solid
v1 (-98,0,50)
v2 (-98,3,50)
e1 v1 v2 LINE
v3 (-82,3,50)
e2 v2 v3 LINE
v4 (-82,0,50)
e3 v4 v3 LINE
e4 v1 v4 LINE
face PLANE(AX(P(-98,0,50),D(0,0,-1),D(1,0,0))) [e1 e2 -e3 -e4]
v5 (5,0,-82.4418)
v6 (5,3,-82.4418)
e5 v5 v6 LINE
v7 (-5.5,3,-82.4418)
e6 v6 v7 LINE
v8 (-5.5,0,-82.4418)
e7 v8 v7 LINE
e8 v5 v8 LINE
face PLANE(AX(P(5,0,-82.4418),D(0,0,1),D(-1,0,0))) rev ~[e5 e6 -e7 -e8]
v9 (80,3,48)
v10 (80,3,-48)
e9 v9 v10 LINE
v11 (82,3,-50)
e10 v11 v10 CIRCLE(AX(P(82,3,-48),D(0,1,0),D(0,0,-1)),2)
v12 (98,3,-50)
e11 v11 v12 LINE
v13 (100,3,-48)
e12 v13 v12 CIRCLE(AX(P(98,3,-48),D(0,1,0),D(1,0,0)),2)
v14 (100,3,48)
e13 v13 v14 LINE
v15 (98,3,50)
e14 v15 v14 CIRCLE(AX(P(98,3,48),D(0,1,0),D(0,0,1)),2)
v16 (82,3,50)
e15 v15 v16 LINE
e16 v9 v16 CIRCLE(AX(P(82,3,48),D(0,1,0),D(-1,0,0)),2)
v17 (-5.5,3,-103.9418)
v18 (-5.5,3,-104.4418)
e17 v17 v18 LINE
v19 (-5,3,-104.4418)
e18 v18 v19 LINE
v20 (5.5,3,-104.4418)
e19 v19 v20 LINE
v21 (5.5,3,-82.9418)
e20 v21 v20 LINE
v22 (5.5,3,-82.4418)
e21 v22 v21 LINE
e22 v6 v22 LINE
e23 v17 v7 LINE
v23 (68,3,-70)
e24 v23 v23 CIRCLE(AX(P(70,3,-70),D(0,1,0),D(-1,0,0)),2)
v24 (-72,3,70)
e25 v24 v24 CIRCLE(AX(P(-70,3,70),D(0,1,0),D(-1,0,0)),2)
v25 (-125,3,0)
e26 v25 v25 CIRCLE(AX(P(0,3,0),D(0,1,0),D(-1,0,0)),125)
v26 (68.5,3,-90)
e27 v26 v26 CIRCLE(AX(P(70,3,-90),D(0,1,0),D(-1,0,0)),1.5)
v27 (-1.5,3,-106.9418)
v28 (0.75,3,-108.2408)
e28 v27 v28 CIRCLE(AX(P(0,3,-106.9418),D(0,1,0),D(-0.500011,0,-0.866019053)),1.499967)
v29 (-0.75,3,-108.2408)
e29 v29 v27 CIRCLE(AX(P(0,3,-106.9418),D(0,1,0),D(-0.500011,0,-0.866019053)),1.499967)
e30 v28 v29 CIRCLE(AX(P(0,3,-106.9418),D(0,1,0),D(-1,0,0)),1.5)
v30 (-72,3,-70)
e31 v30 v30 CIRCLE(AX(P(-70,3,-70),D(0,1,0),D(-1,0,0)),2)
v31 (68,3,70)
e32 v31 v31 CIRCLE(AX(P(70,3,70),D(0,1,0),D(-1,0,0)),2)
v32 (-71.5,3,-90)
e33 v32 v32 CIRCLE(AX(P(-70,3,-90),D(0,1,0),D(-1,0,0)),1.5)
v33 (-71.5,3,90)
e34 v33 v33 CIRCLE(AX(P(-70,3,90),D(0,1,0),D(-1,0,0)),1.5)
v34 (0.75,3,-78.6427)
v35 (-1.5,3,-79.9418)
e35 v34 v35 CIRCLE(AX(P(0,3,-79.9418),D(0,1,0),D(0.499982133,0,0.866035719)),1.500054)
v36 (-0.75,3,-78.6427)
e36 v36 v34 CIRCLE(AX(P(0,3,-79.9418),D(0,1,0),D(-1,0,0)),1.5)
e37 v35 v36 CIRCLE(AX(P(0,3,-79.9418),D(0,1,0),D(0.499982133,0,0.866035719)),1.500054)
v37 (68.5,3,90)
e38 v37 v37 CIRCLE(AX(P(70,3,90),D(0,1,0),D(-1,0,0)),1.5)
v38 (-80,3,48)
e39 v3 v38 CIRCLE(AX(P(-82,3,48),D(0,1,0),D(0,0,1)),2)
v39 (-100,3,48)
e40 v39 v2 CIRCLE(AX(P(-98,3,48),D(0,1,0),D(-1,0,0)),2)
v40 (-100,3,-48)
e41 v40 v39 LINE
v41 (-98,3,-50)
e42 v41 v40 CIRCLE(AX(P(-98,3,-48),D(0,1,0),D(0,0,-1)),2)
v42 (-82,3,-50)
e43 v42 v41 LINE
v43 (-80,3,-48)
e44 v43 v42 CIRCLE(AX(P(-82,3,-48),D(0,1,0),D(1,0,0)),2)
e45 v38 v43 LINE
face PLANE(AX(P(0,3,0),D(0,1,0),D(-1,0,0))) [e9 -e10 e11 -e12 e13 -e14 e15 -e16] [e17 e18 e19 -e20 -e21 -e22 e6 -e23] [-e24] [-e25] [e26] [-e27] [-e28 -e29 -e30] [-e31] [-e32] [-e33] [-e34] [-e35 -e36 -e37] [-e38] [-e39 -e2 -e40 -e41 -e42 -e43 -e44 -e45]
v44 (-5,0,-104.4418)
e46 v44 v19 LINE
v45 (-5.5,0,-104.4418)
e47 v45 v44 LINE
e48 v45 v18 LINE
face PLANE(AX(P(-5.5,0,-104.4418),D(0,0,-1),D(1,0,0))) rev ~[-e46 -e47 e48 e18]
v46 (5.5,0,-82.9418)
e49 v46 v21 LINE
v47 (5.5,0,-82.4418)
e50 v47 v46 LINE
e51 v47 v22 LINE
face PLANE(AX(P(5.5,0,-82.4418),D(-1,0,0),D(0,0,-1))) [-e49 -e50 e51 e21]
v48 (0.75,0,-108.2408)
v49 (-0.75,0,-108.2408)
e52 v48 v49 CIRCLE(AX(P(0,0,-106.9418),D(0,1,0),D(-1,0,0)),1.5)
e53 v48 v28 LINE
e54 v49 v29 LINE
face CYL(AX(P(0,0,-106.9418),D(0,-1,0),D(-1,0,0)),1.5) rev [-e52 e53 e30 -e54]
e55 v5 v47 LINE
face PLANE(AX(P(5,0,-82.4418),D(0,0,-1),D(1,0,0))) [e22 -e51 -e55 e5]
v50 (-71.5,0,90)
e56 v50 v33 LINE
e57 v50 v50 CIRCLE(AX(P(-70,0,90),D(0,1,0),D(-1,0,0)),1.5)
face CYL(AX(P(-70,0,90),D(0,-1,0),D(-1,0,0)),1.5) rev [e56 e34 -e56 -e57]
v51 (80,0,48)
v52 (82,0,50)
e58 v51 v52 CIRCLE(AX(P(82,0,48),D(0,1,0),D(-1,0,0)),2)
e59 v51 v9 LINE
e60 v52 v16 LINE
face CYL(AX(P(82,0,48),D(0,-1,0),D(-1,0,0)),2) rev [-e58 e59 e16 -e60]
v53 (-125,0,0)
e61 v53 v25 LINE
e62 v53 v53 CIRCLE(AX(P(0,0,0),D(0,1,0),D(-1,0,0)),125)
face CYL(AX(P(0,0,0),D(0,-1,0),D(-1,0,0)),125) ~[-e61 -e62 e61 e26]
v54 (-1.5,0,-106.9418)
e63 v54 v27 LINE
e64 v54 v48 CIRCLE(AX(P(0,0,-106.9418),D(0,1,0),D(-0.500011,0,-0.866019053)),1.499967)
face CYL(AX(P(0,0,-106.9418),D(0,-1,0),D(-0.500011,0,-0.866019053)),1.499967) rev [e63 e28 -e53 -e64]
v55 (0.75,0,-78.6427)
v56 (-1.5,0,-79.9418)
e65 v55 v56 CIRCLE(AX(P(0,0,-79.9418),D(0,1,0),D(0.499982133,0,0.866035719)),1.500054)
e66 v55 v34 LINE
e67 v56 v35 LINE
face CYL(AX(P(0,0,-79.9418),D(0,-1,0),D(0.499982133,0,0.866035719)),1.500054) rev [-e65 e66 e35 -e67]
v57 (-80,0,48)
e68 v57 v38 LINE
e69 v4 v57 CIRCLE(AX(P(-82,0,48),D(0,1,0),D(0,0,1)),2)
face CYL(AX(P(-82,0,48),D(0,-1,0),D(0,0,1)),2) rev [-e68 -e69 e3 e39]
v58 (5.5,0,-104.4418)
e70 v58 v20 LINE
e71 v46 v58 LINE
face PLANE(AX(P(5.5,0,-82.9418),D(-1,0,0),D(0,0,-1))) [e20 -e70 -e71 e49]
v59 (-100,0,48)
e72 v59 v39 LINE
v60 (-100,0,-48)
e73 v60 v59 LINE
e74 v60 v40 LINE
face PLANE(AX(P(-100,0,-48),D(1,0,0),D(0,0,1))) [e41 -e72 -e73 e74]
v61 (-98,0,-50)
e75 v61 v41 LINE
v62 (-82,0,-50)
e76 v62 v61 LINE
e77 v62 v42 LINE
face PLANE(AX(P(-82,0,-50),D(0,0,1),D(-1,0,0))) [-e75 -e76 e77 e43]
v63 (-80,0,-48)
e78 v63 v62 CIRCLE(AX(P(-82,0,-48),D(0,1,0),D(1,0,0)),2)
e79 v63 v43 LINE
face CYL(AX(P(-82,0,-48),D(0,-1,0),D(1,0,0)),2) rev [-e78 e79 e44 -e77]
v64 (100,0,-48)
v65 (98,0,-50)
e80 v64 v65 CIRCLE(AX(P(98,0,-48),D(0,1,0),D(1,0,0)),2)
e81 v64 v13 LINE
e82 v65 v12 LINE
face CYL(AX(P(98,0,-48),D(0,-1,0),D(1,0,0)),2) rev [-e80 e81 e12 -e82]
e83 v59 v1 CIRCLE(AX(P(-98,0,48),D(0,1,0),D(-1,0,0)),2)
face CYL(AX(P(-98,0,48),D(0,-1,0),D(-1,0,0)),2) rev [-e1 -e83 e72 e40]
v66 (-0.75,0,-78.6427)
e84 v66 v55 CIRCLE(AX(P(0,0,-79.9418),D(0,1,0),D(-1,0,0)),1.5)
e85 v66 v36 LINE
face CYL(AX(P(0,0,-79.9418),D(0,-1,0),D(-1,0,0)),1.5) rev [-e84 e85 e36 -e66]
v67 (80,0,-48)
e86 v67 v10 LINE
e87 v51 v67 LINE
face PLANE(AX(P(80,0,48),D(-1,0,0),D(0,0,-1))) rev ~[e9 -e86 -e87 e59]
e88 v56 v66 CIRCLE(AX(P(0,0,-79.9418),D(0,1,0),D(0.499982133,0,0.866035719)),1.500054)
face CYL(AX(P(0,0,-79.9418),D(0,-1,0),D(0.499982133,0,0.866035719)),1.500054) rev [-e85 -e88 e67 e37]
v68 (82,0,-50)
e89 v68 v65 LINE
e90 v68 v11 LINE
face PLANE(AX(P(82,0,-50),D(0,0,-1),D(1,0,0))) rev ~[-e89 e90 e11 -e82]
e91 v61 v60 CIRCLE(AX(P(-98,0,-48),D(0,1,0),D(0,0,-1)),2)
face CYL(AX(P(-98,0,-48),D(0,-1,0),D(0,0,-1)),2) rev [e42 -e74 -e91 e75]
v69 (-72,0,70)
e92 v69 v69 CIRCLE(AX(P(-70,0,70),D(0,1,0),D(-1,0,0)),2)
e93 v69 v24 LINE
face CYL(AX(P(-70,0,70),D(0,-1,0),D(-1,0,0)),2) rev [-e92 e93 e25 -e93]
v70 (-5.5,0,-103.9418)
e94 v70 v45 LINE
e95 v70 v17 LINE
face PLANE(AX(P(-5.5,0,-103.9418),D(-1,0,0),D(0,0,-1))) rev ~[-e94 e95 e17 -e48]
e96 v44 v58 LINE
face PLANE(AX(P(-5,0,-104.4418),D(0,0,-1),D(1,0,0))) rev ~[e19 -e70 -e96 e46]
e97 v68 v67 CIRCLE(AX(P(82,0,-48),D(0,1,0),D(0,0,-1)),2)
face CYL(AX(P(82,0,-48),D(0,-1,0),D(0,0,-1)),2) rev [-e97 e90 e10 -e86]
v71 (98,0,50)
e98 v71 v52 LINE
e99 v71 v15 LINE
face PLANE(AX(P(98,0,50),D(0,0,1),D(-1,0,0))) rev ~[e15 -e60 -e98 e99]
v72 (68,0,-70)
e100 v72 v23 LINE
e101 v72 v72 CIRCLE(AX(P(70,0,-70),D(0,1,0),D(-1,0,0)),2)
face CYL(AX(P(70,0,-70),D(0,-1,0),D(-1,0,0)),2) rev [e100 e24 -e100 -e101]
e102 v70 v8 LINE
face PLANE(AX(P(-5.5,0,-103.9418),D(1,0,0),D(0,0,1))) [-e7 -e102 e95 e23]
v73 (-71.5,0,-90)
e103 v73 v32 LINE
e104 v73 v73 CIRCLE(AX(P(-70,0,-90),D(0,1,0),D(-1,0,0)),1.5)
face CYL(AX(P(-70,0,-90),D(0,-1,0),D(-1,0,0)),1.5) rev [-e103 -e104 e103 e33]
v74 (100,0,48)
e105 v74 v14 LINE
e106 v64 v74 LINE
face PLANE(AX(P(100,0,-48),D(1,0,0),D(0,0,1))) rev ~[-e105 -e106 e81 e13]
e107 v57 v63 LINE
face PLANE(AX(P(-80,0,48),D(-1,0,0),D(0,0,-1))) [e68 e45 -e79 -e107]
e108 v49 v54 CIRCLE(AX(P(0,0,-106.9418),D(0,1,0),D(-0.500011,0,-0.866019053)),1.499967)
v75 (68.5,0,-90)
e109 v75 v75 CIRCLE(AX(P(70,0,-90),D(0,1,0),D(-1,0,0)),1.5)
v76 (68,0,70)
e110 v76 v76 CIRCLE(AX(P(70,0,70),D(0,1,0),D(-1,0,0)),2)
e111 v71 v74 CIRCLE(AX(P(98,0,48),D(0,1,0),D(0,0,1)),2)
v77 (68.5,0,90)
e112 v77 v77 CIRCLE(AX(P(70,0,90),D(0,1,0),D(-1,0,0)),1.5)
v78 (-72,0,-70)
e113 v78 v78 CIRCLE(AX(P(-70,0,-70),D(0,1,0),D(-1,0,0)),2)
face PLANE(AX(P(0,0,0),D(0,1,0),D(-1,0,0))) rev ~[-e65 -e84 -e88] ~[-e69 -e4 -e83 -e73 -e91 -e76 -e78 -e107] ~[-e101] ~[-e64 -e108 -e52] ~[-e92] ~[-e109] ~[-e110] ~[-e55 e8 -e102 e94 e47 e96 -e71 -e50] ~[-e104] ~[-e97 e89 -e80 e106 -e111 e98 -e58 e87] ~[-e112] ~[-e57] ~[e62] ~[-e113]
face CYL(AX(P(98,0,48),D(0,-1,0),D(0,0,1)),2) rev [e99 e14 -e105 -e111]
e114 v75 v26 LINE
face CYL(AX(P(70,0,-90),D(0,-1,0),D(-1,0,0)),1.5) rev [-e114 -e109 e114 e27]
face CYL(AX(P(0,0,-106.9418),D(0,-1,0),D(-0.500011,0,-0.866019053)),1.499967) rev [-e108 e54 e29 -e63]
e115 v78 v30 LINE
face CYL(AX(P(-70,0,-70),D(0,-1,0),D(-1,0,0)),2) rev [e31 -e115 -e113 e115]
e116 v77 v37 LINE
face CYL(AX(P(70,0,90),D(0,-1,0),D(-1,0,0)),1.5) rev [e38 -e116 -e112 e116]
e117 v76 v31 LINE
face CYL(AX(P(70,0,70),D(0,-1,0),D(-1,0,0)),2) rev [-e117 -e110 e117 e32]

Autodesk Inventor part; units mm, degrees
ref_plane "YZ Plane" through (0, 0, 0) normal (1, 0, 0) x (0, 1, 0)
ref_plane "XZ Plane" through (0, 0, 0) normal (0, 1, 0) x (-1, 0, 0)
ref_plane "XY Plane" through (0, 0, 0) normal (0, 0, 1) x (1, 0, 0)
sketch "Sketch1" plane through (0, 0, 0) normal (0, 1, 0) x (-1, 0, 0)
  circle A0 centre (0, 0) radius 125
  circle A1 centre (70, -90) radius 1.5
  circle A2 centre (-70, -90) radius 1.5
  circle A3 centre (-70, 90) radius 1.5
  circle A4 centre (70, 90) radius 1.5
  circle A5 centre (70, -70) radius 2
  circle A6 centre (-70, -70) radius 2
  circle A7 centre (-70, 70) radius 2
  circle A8 centre (70, 70) radius 2
  line L0 (5, -104.4418) -> (-5.5, -104.4418)
  line L1 (-5.5, -82.9418) -> (-5.5, -104.4418)
  line L2 (-5, -82.4418) -> (5.5, -82.4418)
  line L3 (5.5, -103.9418) -> (5.5, -82.4418)
  line L4 (-5, -82.4418) -> (-5.5, -82.4418)
  line L5 (-5.5, -82.4418) -> (-5.5, -82.9418)
  line L6 (5.5, -103.9418) -> (5.5, -104.4418)
  line L7 (5.5, -104.4418) -> (5, -104.4418)
  arc A9 (0.75, -108.2408) -> (-0.75, -108.2408) centre (0, -106.9418) ccw
  arc A10 (-0.75, -78.6427) -> (0.75, -78.6427) centre (0, -79.9418) ccw
  circle A11 centre (0, -106.9418) radius 1.5
  circle A12 centre (0, -79.9418) radius 1.5
  line L8 (98, 50) -> (82, 50)
  line L9 (80, 48) -> (80, -48)
  line L10 (82, -50) -> (98, -50)
  line L11 (100, -48) -> (100, 48)
  line L12 (-98, 50) -> (-82, 50)
  line L13 (-80, 48) -> (-80, -48)
  line L14 (-82, -50) -> (-98, -50)
  line L15 (-100, -48) -> (-100, 48)
  arc A13 (98, -50) -> (100, -48) centre (98, -48) ccw
  arc A14 (100, 48) -> (98, 50) centre (98, 48) ccw
  arc A15 (82, 50) -> (80, 48) centre (82, 48) ccw
  arc A16 (80, -48) -> (82, -50) centre (82, -48) ccw
  arc A17 (-82, -50) -> (-80, -48) centre (-82, -48) ccw
  arc A18 (-80, 48) -> (-82, 50) centre (-82, 48) ccw
  arc A19 (-98, 50) -> (-100, 48) centre (-98, 48) ccw
  arc A20 (-100, -48) -> (-98, -50) centre (-98, -48) ccw
  point P0 (0.75, -108.2408)
  point P1 (-0.75, -78.6427)
  point P2 (0.75, -78.6427)
  point P3 (-90, 0)
extrude "Extrusion6" add sketch "Sketch1" along normal blind 3
